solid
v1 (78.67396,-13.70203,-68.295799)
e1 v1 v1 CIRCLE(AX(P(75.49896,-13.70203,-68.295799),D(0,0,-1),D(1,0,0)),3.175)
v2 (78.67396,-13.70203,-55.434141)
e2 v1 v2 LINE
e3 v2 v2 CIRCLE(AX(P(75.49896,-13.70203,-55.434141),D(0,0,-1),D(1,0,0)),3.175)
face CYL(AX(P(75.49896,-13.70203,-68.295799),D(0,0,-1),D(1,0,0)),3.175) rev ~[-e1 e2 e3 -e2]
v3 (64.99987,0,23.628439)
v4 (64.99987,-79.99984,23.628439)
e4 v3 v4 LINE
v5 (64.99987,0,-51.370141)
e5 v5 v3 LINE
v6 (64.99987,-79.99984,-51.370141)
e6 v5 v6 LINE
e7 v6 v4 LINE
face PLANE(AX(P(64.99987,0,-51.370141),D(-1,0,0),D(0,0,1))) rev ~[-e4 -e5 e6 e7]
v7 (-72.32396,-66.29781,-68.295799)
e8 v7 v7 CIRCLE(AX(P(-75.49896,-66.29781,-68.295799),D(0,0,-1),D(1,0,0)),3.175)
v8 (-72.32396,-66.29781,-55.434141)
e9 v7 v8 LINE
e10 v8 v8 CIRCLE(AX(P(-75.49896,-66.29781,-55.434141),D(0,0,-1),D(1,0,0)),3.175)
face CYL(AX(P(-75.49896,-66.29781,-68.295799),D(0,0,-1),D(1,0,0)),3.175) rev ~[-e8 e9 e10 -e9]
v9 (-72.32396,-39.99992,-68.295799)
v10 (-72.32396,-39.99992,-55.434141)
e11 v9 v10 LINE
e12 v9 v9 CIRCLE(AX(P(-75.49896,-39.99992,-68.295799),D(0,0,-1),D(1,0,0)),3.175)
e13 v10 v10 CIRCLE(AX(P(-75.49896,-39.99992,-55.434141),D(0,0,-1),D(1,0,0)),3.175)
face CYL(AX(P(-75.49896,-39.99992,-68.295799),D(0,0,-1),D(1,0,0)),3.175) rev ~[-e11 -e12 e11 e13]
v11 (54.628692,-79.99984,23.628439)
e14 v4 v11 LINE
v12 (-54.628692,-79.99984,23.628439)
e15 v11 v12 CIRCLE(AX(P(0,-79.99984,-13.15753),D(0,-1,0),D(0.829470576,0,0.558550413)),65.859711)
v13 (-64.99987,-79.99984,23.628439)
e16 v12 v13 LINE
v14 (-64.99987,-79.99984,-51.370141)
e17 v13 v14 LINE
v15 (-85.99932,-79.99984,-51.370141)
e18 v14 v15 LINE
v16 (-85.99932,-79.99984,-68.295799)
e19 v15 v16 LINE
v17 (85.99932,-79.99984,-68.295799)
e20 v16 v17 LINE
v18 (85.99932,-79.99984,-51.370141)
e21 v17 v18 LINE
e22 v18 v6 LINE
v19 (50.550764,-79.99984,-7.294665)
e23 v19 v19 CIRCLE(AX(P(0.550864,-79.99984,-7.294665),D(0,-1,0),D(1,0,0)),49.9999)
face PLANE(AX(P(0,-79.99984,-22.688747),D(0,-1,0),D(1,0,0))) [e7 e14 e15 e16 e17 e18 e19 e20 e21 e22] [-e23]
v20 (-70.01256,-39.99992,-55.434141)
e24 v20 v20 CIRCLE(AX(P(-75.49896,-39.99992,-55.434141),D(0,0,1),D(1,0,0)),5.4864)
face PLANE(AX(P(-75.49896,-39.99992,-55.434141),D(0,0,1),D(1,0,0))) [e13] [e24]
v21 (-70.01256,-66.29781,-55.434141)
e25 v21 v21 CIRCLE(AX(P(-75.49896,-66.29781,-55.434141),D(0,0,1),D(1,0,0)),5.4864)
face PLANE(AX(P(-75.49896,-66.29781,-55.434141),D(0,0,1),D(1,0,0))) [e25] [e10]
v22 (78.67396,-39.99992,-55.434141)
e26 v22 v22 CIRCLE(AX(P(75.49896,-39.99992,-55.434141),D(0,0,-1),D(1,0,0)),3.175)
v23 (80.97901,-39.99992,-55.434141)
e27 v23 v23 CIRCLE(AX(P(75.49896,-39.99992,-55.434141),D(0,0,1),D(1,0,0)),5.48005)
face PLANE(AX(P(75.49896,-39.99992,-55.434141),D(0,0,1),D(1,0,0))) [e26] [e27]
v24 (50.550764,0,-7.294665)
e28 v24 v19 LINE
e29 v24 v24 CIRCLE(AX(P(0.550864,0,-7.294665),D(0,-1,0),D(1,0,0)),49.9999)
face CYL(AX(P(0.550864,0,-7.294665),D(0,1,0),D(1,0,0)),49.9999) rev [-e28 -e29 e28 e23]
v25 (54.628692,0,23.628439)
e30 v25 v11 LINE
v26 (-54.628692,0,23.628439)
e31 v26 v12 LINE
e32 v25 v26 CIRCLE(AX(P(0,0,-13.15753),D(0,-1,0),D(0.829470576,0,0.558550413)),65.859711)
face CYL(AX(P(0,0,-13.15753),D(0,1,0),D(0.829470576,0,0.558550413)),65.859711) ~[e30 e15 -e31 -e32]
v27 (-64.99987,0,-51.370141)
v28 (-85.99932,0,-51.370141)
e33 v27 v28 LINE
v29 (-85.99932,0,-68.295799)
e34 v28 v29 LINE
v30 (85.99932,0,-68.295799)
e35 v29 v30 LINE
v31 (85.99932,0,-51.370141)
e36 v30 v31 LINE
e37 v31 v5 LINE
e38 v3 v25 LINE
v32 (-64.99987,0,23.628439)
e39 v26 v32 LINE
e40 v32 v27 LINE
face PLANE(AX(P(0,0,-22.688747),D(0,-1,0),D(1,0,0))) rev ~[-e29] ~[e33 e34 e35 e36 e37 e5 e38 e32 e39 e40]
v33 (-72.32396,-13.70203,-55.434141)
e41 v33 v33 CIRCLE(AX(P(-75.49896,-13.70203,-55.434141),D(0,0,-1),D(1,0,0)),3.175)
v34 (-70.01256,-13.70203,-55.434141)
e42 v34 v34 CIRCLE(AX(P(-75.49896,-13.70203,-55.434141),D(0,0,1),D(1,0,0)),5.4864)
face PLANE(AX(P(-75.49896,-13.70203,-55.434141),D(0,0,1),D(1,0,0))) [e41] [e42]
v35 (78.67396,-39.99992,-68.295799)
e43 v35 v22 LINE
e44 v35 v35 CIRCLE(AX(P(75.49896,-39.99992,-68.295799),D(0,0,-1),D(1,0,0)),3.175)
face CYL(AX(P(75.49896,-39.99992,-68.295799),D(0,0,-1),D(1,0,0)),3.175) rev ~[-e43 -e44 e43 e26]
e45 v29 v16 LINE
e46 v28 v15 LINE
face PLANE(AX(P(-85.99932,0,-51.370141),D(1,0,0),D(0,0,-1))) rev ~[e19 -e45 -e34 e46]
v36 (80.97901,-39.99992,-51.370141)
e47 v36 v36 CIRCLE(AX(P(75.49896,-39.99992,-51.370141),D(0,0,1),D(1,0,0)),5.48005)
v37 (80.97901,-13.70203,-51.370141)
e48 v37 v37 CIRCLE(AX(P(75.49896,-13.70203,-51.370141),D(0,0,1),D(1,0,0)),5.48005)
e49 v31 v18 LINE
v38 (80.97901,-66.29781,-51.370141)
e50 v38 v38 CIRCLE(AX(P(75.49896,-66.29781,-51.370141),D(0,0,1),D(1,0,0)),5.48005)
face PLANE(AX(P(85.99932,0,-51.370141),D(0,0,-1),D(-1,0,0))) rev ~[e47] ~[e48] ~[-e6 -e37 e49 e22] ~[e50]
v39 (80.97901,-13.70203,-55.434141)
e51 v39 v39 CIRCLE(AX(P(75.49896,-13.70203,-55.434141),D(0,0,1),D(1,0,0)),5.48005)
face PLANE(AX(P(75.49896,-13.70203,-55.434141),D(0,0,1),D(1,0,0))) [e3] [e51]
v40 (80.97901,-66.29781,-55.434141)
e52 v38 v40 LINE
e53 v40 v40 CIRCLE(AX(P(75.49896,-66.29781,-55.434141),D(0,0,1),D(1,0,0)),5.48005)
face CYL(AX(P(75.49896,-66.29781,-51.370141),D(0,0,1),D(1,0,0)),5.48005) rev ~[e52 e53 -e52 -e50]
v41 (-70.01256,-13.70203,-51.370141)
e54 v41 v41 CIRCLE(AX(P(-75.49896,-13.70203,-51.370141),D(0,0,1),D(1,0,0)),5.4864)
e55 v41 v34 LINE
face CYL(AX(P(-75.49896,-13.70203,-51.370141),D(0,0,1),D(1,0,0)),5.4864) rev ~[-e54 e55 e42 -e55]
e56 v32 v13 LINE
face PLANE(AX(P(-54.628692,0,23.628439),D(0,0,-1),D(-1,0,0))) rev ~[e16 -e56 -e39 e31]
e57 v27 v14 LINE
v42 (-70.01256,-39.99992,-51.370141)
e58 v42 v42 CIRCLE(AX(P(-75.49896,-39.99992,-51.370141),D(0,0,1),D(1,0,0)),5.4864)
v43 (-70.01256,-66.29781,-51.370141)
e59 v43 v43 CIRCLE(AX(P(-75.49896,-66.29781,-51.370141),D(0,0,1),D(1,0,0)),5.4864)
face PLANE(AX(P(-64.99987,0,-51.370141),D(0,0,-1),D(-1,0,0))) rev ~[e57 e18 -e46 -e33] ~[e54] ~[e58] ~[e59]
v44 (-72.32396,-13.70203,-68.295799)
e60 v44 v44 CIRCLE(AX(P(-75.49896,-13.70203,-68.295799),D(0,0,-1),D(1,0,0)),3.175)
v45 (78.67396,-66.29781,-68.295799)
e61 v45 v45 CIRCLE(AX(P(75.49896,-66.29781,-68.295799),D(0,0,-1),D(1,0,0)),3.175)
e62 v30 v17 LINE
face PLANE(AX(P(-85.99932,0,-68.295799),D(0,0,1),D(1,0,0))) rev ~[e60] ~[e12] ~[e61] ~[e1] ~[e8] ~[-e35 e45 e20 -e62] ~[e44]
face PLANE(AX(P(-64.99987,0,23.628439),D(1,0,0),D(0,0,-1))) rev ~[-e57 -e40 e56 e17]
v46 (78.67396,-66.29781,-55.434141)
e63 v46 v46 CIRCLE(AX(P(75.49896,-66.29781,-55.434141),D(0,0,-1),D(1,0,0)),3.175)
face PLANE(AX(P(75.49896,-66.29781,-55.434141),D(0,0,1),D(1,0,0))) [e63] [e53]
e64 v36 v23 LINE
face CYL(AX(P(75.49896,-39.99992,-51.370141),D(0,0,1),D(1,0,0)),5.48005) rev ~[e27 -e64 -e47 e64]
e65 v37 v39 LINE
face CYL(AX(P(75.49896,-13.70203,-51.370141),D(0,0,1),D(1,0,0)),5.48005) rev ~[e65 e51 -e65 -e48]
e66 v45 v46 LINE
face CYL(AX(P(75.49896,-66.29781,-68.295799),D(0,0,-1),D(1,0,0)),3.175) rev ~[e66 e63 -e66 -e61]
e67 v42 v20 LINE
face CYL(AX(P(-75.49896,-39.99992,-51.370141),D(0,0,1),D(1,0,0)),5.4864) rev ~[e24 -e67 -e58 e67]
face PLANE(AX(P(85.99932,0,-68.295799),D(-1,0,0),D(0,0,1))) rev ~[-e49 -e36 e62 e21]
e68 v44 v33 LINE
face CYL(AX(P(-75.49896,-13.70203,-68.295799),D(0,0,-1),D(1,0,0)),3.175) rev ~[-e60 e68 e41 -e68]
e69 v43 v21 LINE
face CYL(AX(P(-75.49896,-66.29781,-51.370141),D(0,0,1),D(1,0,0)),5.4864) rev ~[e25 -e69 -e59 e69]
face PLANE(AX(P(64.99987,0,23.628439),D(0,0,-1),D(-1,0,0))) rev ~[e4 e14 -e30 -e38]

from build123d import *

# Parameters (mm, degrees)
F0_R     = 49.9999
F1_DEPTH = 79.99984
F2_R     = 3.175
F3_DEPTH = 120.99898
F4_DEPTH = 120.99898
F5_R     = 5.48005
F6_DEPTH = 4.064
F7_R     = 5.4864
F8_DEPTH = 4.064


with BuildPart() as f1:
    # F0 (on Front) → F1 (new body)
    with BuildSketch(Plane.XZ):
        with BuildLine():
            Line((-85.99932, -68.295799), (0, -68.295799))
            Line((0, -68.295799), (85.99932, -68.295799))
            Line((85.99932, -68.295799), (85.99932, -51.370141))
            Line((85.99932, -51.370141), (64.99987, -51.370141))
            Line((64.99987, -51.370141), (64.99987, 23.628439))
            Line((64.99987, 23.628439), (54.628692, 23.628439))
            ThreePointArc((54.628692, 23.628439), (0, 52.702181), (-54.628692, 23.628439))
            Line((-54.628692, 23.628439), (-64.99987, 23.628439))
            Line((-64.99987, 23.628439), (-64.99987, -51.370141))
            Line((-64.99987, -51.370141), (-85.99932, -51.370141))
            Line((-85.99932, -51.370141), (-85.99932, -68.295799))
        make_face()
        with Locations((0.550864, -7.294665)):
            Circle(F0_R, mode=Mode.SUBTRACT)
    extrude(amount=F1_DEPTH)

    # F2 (on face) → F3 (cut, through all)
    with BuildSketch(Plane(origin=(0, 0, -68.295799), x_dir=(1, 0, 0), z_dir=(0, 0, -1))):
        with Locations((-75.49896, 66.29781)):
            Circle(F2_R)
        with Locations((-75.49896, 39.99992)):
            Circle(F2_R)
        with Locations((-75.49896, 13.70203)):
            Circle(F2_R)
        with Locations((75.49896, 66.29781)):
            Circle(F2_R)
        with Locations((75.49896, 39.99992)):
            Circle(F2_R)
        with Locations((75.49896, 13.70203)):
            Circle(F2_R)
    extrude(amount=-F3_DEPTH, mode=Mode.SUBTRACT)

    # F2 (on face) → F4 (cut, through all)
    with BuildSketch(Plane(origin=(0, 0, -68.295799), x_dir=(1, 0, 0), z_dir=(0, 0, -1))):
        with Locations((-75.49896, 66.29781)):
            Circle(F2_R)
        with Locations((-75.49896, 39.99992)):
            Circle(F2_R)
        with Locations((-75.49896, 13.70203)):
            Circle(F2_R)
        with Locations((75.49896, 66.29781)):
            Circle(F2_R)
        with Locations((75.49896, 39.99992)):
            Circle(F2_R)
        with Locations((75.49896, 13.70203)):
            Circle(F2_R)
    extrude(amount=-F4_DEPTH, mode=Mode.SUBTRACT)

    # F5 (on face) → F6 (cut)
    with BuildSketch(Plane.XY.offset(-51.370141)):
        with Locations((75.49896, -13.70203)):
            Circle(F5_R)
        with Locations((75.49896, -39.99992)):
            Circle(F5_R)
        with Locations((75.49896, -66.29781)):
            Circle(F5_R)
    extrude(amount=-F6_DEPTH, mode=Mode.SUBTRACT)

    # F7 (on face) → F8 (cut)
    with BuildSketch(Plane.XY.offset(-51.370141)):
        with Locations((-75.49896, -13.70203)):
            Circle(F7_R)
        with Locations((-75.49896, -39.99992)):
            Circle(F7_R)
        with Locations((-75.49896, -66.29781)):
            Circle(F7_R)
    extrude(amount=-F8_DEPTH, mode=Mode.SUBTRACT)


solid = f1.part
